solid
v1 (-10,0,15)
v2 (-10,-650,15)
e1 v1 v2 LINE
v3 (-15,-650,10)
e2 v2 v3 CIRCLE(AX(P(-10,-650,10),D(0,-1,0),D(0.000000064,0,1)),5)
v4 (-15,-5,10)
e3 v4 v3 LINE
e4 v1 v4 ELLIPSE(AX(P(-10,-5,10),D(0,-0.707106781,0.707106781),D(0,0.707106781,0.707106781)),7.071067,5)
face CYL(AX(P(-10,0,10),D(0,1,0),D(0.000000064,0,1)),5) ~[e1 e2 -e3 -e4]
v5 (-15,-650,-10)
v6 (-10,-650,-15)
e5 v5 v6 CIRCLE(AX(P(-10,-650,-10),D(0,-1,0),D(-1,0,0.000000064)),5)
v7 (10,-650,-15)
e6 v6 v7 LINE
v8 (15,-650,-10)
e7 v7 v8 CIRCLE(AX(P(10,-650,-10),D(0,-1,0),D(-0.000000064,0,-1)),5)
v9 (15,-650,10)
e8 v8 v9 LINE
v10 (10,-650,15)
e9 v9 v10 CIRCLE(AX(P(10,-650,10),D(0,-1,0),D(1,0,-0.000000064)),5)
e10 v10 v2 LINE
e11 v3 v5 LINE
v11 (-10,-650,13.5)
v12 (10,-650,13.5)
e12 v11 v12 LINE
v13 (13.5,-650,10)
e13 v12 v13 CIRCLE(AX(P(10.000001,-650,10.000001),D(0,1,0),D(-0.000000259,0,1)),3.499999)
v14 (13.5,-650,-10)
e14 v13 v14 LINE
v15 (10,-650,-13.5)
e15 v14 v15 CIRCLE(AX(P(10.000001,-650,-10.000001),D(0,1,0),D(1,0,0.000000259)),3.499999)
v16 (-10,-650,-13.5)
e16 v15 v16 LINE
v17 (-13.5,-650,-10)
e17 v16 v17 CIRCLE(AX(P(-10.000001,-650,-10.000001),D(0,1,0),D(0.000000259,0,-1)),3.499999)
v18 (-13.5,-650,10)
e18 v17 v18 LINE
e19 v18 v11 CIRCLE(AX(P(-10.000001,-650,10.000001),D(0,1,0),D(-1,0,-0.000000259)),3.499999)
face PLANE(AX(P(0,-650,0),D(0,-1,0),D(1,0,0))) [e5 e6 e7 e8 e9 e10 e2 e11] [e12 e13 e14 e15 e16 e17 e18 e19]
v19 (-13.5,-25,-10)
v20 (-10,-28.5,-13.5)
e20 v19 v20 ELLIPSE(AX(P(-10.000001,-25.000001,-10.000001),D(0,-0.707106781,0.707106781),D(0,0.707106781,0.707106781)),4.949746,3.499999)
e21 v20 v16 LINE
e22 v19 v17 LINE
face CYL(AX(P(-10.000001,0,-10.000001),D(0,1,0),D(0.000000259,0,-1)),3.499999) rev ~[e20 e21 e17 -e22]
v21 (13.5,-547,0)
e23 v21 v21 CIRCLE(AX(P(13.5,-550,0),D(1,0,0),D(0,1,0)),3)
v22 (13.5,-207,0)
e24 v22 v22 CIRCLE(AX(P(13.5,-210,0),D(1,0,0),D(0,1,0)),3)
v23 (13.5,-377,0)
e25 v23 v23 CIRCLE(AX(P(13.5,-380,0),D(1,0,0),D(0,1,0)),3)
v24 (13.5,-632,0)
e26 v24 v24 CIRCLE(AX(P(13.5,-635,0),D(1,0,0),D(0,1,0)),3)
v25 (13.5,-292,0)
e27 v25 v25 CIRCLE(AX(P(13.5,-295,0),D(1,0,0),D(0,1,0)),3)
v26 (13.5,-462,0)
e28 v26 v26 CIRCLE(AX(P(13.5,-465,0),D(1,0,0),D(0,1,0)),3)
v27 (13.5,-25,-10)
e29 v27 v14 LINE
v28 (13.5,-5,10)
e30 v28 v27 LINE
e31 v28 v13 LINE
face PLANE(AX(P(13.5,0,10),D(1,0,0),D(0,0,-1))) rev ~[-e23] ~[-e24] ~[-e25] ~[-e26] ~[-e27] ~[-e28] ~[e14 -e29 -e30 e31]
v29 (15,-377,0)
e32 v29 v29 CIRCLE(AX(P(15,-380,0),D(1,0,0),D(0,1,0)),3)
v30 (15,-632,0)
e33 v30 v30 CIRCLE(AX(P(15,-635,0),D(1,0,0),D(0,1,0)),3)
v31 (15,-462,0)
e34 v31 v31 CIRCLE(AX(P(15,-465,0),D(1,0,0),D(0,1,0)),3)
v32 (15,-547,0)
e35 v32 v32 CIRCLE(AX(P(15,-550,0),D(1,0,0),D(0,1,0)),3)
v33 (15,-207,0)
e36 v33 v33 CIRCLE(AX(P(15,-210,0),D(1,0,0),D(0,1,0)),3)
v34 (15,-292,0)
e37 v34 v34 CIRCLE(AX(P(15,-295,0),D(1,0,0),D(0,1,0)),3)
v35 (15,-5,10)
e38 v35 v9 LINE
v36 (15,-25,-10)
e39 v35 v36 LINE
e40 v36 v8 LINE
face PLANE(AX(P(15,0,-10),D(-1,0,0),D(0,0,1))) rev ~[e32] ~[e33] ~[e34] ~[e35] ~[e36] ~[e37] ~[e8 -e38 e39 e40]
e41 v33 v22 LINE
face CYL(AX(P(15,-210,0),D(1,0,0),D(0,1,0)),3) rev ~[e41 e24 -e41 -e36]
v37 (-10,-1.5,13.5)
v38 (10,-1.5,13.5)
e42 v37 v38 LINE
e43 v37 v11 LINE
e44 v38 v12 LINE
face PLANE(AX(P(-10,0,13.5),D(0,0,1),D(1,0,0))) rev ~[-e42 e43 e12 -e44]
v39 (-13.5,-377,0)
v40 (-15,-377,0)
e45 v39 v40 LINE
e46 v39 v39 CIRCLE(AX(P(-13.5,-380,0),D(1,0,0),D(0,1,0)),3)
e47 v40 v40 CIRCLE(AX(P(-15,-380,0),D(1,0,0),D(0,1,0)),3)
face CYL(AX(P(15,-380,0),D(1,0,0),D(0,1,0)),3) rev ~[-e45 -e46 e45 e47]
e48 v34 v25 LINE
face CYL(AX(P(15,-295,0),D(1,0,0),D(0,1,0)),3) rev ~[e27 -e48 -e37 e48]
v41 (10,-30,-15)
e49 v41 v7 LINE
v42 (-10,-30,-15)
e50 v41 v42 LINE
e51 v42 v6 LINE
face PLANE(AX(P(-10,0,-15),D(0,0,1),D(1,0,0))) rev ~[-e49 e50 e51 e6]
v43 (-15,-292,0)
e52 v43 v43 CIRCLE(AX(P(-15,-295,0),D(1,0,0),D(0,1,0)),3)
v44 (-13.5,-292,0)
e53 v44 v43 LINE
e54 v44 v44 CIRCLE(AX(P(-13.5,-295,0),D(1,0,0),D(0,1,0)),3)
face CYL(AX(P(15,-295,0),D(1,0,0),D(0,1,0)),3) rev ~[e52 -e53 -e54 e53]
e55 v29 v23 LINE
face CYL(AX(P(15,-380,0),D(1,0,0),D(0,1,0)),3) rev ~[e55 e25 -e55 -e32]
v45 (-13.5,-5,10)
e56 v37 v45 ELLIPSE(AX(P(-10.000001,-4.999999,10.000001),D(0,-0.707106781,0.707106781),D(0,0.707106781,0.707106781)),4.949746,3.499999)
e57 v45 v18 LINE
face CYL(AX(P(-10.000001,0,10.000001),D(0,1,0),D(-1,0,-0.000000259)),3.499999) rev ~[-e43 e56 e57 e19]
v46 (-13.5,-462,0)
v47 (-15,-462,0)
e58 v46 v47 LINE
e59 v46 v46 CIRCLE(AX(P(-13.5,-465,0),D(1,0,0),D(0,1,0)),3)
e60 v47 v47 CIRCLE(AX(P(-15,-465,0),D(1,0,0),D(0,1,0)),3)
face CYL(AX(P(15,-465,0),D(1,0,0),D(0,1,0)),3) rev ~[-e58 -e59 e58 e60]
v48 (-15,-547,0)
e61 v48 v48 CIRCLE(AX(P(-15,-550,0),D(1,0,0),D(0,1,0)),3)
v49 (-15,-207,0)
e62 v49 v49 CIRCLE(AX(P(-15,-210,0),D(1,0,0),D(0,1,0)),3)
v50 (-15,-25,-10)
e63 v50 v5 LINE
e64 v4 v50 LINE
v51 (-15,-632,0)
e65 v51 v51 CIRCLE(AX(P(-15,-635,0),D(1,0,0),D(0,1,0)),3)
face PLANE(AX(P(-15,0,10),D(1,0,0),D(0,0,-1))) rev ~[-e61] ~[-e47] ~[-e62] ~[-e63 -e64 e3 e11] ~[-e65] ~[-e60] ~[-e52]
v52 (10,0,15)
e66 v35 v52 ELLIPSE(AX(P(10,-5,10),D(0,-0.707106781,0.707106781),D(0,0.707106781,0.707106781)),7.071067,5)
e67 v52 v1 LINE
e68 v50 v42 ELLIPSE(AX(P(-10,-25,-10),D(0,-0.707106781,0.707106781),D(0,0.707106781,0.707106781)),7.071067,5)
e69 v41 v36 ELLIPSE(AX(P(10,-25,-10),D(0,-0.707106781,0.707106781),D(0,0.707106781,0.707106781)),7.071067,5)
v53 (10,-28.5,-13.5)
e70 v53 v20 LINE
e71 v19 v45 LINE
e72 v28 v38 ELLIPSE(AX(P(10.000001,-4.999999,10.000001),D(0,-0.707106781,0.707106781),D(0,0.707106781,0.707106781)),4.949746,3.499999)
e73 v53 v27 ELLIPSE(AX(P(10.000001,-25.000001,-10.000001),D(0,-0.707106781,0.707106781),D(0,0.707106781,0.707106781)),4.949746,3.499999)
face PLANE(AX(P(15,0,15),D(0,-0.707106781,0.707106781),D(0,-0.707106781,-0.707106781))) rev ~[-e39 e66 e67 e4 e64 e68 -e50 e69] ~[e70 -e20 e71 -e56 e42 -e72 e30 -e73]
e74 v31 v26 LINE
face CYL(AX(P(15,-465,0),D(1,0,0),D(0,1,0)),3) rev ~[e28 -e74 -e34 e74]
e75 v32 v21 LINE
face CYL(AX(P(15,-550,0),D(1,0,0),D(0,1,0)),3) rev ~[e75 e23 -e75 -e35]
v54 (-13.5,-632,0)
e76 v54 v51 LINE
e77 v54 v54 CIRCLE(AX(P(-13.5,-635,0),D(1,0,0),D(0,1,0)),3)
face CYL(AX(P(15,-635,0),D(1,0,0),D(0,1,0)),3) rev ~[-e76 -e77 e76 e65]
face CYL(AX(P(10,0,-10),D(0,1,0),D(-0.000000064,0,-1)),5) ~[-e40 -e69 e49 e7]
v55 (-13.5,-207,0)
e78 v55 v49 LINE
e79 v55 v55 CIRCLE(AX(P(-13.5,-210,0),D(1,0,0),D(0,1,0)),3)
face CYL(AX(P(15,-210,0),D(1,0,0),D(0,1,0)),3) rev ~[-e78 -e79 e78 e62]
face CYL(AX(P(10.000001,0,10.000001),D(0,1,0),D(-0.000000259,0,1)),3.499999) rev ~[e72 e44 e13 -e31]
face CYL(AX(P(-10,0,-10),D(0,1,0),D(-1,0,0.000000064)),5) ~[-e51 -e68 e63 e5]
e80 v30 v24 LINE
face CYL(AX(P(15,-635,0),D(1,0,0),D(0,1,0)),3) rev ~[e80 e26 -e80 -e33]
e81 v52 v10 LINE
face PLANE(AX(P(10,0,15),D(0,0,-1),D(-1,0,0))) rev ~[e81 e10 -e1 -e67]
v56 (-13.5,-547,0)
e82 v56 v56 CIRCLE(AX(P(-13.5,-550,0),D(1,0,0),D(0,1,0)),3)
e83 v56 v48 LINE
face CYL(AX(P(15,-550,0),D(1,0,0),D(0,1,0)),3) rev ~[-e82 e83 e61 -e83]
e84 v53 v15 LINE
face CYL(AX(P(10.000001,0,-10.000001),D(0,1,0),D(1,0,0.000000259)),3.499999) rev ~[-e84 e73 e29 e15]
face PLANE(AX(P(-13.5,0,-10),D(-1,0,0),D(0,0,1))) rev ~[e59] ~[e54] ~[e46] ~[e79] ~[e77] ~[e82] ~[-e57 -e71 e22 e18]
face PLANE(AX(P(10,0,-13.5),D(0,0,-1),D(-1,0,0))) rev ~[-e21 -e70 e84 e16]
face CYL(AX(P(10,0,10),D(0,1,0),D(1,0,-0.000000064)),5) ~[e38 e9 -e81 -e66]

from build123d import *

# Parameters (mm, degrees)
F1_DEPTH = 650
F3_DEPTH = 30.001
F4_R     = 3
F5_DEPTH = 30.001


with BuildPart() as f1:
    # F0 (on Front) → F1 (new body)
    with BuildSketch(Plane.XZ):
        with BuildLine():
            Line((-10, -15), (10, -15))
            ThreePointArc((10, -15), (13.535534, -13.535534), (15, -10))
            Line((15, -10), (15, 10))
            ThreePointArc((15, 10), (13.535534, 13.535534), (10, 15))
            Line((10, 15), (-10, 15))
            ThreePointArc((-10, 15), (-13.535534, 13.535534), (-15, 10))
            Line((-15, 10), (-15, -10))
            ThreePointArc((-15, -10), (-13.535534, -13.535534), (-10, -15))
        make_face()
        with BuildLine():
            ThreePointArc((-10, -13.5), (-12.474874, -12.474874), (-13.5, -10))
            Line((-13.5, -10), (-13.5, 10))
            ThreePointArc((-13.5, 10), (-12.474874, 12.474874), (-10, 13.5))
            Line((-10, 13.5), (10, 13.5))
            ThreePointArc((10, 13.5), (12.474874, 12.474874), (13.5, 10))
            Line((13.5, 10), (13.5, -10))
            ThreePointArc((13.5, -10), (12.474874, -12.474874), (10, -13.5))
            Line((10, -13.5), (-10, -13.5))
        make_face(mode=Mode.SUBTRACT)
    extrude(amount=F1_DEPTH)

    # F2 (on face) → F3 (cut, through all)
    with BuildSketch(Plane.YZ.offset(15)):
        Polygon((0, -15), (0, 15), (-30, -15), align=None)
    extrude(amount=-F3_DEPTH, mode=Mode.SUBTRACT)

    # F4 (on face) → F5 (cut, through all)
    with BuildSketch(Plane.YZ.offset(15)):
        with Locations((-635, 0)):
            Circle(F4_R)
        with Locations((-550, 0)):
            Circle(F4_R)
        with Locations((-465, 0)):
            Circle(F4_R)
        with Locations((-380, 0)):
            Circle(F4_R)
        with Locations((-295, 0)):
            Circle(F4_R)
        with Locations((-210, 0)):
            Circle(F4_R)
    extrude(amount=-F5_DEPTH, mode=Mode.SUBTRACT)


solid = f1.part
